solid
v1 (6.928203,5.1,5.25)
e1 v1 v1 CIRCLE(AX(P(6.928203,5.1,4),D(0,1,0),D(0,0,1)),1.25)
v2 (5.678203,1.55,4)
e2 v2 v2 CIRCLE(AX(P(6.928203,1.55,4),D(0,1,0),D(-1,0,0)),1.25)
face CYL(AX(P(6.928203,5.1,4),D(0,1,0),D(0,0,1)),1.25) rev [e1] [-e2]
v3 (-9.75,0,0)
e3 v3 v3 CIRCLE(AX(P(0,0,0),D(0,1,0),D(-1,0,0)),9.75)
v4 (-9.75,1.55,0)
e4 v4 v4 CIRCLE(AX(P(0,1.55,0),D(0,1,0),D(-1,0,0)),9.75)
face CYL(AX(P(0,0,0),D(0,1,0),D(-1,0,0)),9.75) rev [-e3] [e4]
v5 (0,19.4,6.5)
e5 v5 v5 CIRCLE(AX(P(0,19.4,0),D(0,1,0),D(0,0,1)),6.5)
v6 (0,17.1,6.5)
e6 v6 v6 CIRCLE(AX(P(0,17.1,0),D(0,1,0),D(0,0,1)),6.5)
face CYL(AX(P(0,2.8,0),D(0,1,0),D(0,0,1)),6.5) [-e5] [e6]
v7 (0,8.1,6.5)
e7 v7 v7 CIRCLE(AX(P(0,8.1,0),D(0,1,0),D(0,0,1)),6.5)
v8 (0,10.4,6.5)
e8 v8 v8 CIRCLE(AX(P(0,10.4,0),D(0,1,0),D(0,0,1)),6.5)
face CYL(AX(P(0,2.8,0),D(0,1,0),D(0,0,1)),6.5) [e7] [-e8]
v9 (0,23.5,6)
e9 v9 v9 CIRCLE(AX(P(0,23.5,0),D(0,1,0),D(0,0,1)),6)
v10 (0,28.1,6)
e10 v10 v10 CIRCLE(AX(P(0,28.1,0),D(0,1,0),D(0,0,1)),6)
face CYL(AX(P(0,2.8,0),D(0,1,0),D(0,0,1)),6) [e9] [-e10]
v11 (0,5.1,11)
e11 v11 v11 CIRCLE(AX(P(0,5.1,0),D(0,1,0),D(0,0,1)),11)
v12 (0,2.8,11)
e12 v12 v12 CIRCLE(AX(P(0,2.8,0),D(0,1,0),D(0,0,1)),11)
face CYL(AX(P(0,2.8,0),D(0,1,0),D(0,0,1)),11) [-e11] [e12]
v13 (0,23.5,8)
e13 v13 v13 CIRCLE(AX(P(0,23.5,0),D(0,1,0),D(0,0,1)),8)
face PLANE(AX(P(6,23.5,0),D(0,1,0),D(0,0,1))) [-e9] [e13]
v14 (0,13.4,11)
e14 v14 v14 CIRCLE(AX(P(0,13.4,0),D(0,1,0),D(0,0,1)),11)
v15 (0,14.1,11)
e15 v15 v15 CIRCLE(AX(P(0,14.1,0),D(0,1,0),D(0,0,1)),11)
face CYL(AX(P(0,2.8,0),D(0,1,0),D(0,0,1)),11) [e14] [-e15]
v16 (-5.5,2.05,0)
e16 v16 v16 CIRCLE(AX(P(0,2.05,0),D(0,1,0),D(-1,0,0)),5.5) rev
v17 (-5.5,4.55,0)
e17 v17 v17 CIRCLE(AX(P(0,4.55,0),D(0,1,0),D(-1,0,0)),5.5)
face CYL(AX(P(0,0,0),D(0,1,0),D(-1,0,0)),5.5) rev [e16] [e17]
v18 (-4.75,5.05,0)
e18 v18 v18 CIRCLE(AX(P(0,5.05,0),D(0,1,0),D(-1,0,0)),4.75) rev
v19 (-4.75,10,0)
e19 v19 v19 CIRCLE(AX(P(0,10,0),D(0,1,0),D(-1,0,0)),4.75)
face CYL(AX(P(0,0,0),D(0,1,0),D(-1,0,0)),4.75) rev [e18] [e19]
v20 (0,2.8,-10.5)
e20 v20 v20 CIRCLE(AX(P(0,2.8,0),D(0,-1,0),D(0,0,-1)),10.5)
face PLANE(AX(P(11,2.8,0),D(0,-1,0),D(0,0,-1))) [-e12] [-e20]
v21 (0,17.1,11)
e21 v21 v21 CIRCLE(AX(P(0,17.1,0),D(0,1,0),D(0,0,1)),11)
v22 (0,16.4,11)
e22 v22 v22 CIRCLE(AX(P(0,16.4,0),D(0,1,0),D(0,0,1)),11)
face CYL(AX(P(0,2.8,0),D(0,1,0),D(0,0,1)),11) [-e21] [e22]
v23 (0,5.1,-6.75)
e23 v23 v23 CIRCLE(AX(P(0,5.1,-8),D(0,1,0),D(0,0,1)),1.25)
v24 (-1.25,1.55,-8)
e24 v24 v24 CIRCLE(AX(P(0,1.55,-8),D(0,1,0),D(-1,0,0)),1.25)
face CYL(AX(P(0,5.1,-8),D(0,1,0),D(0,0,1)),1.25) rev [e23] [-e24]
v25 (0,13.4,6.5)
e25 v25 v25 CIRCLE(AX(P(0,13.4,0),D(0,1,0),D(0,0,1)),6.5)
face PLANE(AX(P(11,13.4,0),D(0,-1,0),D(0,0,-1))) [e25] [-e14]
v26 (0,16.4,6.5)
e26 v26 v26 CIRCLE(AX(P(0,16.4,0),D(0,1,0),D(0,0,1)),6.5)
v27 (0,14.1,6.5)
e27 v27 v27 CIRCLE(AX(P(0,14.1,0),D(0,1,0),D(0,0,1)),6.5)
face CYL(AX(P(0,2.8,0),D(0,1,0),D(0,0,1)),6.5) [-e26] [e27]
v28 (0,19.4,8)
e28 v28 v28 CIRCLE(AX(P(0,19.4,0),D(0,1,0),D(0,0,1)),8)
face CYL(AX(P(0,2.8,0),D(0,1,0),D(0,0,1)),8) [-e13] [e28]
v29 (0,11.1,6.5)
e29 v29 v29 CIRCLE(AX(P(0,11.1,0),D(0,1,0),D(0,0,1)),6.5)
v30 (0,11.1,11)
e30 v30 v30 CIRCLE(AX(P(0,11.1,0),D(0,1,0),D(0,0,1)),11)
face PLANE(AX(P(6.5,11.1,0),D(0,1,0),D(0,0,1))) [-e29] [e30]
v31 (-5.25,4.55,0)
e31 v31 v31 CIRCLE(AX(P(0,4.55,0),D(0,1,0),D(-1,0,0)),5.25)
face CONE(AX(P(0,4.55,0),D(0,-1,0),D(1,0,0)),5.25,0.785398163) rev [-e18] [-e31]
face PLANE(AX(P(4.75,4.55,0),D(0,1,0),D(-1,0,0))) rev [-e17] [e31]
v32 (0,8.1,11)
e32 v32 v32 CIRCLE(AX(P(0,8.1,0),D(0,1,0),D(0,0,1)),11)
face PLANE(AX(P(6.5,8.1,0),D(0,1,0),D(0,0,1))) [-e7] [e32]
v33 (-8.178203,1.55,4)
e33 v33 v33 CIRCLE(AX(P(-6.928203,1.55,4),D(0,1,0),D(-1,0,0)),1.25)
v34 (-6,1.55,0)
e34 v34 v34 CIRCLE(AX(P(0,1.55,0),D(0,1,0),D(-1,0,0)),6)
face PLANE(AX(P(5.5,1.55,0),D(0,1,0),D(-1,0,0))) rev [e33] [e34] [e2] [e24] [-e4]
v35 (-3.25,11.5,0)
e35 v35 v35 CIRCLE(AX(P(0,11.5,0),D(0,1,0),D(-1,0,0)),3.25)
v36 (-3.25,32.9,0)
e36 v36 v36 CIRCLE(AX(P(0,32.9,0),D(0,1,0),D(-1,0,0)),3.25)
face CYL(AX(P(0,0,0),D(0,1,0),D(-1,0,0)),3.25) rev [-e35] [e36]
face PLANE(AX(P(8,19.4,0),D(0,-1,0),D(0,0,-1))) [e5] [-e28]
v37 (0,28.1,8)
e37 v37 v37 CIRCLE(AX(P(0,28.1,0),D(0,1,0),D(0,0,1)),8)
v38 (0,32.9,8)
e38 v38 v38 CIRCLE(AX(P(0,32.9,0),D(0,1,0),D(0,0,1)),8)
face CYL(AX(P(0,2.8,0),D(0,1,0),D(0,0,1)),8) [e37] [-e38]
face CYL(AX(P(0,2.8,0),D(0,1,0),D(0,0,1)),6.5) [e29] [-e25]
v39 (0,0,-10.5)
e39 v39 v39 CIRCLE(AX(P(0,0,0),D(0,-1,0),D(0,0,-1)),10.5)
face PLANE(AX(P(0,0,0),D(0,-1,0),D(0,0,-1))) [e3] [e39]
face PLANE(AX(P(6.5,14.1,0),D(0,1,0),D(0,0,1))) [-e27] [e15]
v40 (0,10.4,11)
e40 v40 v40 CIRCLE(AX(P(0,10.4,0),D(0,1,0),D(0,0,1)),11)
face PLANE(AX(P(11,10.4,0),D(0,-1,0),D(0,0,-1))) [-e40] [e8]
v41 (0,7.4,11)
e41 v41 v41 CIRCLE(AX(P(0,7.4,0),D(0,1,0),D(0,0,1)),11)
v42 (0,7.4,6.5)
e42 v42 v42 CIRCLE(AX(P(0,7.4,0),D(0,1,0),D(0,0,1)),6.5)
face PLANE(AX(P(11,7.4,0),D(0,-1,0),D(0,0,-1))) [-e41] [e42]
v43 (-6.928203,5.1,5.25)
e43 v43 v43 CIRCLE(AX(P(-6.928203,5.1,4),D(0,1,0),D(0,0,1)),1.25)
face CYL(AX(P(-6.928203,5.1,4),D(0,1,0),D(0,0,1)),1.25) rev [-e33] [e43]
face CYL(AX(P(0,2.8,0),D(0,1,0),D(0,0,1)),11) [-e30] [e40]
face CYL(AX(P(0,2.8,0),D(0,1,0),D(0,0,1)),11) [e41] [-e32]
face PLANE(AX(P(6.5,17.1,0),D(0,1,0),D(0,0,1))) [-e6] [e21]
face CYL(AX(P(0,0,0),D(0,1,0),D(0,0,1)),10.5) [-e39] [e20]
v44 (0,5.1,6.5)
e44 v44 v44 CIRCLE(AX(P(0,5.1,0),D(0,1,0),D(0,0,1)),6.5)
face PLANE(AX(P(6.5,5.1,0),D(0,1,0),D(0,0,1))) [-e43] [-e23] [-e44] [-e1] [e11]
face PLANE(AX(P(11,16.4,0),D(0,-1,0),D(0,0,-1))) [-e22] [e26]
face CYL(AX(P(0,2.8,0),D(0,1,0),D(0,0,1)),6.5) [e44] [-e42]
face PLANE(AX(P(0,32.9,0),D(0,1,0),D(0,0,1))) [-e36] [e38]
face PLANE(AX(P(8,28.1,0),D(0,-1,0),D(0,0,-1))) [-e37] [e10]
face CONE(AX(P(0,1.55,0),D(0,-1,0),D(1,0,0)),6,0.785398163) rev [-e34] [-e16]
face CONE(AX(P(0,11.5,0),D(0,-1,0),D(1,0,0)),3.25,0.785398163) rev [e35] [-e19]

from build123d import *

# Parameters (mm, degrees)
SKETCH2_R                           = 10.5
BOSS_EXTRUDE1_DEPTH                 = 2.8
SKETCH4_W                           = 1.25
SKETCH4_H                           = 5.1
F_2_5_2_5_DIAMETER_HOLE1_AT_2_COUNT = 2
F_2_5_2_5_DIAMETER_HOLE1_AT_2_PITCH = 13.856406461
F_2_5_2_5_DIAMETER_HOLE1_AT_3_COUNT = 2
F_2_5_2_5_DIAMETER_HOLE1_AT_3_PITCH = 13.856406461
CHAMFER1_SIZE                       = 0.5


with BuildPart() as part:
    # Sketch1 → Revolve1 (revolve)
    with BuildSketch(Plane(origin=(0, 0, 0), x_dir=(-1, 0, 0), z_dir=(0, 0, -1)), mode=Mode.PRIVATE) as revolve1_sk:
        Polygon((-11, 2.8), (0, 2.8), (0, 32.9), (-8, 32.9), (-8, 28.1), (-6, 28.1), (-6, 23.5), (-8, 23.5), (-8, 19.4), (-6.5, 19.4), (-6.5, 17.1), (-11, 17.1), (-11, 16.4), (-6.5, 16.4), (-6.5, 14.1), (-11, 14.1), (-11, 13.4), (-6.5, 13.4), (-6.5, 11.1), (-11, 11.1), (-11, 10.4), (-6.5, 10.4), (-6.5, 8.1), (-11, 8.1), (-11, 7.4), (-6.5, 7.4), (-6.5, 5.1), (-11, 5.1), align=None)
    revolve(revolve1_sk.sketch.rotate(Axis((0, 2.8, 0), (0, 1, 0)), 270), axis=Axis((0, 2.8, 0), (0, 1, 0)))

    # Sketch2 → Boss-Extrude1 (add)
    with BuildSketch(Plane.XZ.offset(-2.8)):
        with Locations(Location((0, 0, 0), (0, 0, 270))):
            Circle(SKETCH2_R)
    extrude(amount=BOSS_EXTRUDE1_DEPTH)

    # Sketch3 → Cut-Revolve1 (revolve, cut)
    with BuildSketch(Plane(origin=(0, 0, 0), x_dir=(-1, 0, 0), z_dir=(0, 0, -1)), mode=Mode.PRIVATE) as cut_revolve1_sk:
        Polygon((-9.75, 0), (0, 0), (0, 32.9), (-3.25, 32.9), (-3.25, 11.5), (-4.75, 10), (-4.75, 4.55), (-5.5, 4.55), (-5.5, 1.55), (-9.75, 1.55), align=None)
    revolve(cut_revolve1_sk.sketch.rotate(Axis((0, 0, 0), (0, 1, 0)), 180), axis=Axis((0, 0, 0), (0, 1, 0)), mode=Mode.SUBTRACT)

    # Sketch4 → Ø2.5 (2.5) Diameter Hole1 (revolve, cut)
    with BuildSketch(Plane(origin=(-6.92820323, 5.1, 4), x_dir=(0, 0, 1), z_dir=(1, 0, 0))):
        with Locations((0.625, 2.55)):
            Rectangle(SKETCH4_W, SKETCH4_H)
    f_2_5_2_5_diameter_hole1 = revolve(axis=Axis((-6.92820323, 11.45, 4), (0, -1, 0)), mode=Mode.SUBTRACT)

    # Ø2.5 (2.5) Diameter Hole1 at 2: Ø2.5 (2.5) Diameter Hole1 ×2
    with Locations(*[Vector(0.5000000000000001, 0, -0.8660254037844387) * (i * F_2_5_2_5_DIAMETER_HOLE1_AT_2_PITCH) for i in range(1, F_2_5_2_5_DIAMETER_HOLE1_AT_2_COUNT)]):
        add(f_2_5_2_5_diameter_hole1, mode=Mode.SUBTRACT)

    # Ø2.5 (2.5) Diameter Hole1 at 3: Ø2.5 (2.5) Diameter Hole1 ×2
    with Locations(*[(i * F_2_5_2_5_DIAMETER_HOLE1_AT_3_PITCH, 0, 0) for i in range(1, F_2_5_2_5_DIAMETER_HOLE1_AT_3_COUNT)]):
        add(f_2_5_2_5_diameter_hole1, mode=Mode.SUBTRACT)

    # Chamfer1
    chamfer1_edges = [part.edges().sort_by_distance(p)[0] for p in [
        (4.75, 4.55, 0),
        (5.5, 1.55, 0),
    ]]
    chamfer(chamfer1_edges, length=CHAMFER1_SIZE)


solid = part.part
